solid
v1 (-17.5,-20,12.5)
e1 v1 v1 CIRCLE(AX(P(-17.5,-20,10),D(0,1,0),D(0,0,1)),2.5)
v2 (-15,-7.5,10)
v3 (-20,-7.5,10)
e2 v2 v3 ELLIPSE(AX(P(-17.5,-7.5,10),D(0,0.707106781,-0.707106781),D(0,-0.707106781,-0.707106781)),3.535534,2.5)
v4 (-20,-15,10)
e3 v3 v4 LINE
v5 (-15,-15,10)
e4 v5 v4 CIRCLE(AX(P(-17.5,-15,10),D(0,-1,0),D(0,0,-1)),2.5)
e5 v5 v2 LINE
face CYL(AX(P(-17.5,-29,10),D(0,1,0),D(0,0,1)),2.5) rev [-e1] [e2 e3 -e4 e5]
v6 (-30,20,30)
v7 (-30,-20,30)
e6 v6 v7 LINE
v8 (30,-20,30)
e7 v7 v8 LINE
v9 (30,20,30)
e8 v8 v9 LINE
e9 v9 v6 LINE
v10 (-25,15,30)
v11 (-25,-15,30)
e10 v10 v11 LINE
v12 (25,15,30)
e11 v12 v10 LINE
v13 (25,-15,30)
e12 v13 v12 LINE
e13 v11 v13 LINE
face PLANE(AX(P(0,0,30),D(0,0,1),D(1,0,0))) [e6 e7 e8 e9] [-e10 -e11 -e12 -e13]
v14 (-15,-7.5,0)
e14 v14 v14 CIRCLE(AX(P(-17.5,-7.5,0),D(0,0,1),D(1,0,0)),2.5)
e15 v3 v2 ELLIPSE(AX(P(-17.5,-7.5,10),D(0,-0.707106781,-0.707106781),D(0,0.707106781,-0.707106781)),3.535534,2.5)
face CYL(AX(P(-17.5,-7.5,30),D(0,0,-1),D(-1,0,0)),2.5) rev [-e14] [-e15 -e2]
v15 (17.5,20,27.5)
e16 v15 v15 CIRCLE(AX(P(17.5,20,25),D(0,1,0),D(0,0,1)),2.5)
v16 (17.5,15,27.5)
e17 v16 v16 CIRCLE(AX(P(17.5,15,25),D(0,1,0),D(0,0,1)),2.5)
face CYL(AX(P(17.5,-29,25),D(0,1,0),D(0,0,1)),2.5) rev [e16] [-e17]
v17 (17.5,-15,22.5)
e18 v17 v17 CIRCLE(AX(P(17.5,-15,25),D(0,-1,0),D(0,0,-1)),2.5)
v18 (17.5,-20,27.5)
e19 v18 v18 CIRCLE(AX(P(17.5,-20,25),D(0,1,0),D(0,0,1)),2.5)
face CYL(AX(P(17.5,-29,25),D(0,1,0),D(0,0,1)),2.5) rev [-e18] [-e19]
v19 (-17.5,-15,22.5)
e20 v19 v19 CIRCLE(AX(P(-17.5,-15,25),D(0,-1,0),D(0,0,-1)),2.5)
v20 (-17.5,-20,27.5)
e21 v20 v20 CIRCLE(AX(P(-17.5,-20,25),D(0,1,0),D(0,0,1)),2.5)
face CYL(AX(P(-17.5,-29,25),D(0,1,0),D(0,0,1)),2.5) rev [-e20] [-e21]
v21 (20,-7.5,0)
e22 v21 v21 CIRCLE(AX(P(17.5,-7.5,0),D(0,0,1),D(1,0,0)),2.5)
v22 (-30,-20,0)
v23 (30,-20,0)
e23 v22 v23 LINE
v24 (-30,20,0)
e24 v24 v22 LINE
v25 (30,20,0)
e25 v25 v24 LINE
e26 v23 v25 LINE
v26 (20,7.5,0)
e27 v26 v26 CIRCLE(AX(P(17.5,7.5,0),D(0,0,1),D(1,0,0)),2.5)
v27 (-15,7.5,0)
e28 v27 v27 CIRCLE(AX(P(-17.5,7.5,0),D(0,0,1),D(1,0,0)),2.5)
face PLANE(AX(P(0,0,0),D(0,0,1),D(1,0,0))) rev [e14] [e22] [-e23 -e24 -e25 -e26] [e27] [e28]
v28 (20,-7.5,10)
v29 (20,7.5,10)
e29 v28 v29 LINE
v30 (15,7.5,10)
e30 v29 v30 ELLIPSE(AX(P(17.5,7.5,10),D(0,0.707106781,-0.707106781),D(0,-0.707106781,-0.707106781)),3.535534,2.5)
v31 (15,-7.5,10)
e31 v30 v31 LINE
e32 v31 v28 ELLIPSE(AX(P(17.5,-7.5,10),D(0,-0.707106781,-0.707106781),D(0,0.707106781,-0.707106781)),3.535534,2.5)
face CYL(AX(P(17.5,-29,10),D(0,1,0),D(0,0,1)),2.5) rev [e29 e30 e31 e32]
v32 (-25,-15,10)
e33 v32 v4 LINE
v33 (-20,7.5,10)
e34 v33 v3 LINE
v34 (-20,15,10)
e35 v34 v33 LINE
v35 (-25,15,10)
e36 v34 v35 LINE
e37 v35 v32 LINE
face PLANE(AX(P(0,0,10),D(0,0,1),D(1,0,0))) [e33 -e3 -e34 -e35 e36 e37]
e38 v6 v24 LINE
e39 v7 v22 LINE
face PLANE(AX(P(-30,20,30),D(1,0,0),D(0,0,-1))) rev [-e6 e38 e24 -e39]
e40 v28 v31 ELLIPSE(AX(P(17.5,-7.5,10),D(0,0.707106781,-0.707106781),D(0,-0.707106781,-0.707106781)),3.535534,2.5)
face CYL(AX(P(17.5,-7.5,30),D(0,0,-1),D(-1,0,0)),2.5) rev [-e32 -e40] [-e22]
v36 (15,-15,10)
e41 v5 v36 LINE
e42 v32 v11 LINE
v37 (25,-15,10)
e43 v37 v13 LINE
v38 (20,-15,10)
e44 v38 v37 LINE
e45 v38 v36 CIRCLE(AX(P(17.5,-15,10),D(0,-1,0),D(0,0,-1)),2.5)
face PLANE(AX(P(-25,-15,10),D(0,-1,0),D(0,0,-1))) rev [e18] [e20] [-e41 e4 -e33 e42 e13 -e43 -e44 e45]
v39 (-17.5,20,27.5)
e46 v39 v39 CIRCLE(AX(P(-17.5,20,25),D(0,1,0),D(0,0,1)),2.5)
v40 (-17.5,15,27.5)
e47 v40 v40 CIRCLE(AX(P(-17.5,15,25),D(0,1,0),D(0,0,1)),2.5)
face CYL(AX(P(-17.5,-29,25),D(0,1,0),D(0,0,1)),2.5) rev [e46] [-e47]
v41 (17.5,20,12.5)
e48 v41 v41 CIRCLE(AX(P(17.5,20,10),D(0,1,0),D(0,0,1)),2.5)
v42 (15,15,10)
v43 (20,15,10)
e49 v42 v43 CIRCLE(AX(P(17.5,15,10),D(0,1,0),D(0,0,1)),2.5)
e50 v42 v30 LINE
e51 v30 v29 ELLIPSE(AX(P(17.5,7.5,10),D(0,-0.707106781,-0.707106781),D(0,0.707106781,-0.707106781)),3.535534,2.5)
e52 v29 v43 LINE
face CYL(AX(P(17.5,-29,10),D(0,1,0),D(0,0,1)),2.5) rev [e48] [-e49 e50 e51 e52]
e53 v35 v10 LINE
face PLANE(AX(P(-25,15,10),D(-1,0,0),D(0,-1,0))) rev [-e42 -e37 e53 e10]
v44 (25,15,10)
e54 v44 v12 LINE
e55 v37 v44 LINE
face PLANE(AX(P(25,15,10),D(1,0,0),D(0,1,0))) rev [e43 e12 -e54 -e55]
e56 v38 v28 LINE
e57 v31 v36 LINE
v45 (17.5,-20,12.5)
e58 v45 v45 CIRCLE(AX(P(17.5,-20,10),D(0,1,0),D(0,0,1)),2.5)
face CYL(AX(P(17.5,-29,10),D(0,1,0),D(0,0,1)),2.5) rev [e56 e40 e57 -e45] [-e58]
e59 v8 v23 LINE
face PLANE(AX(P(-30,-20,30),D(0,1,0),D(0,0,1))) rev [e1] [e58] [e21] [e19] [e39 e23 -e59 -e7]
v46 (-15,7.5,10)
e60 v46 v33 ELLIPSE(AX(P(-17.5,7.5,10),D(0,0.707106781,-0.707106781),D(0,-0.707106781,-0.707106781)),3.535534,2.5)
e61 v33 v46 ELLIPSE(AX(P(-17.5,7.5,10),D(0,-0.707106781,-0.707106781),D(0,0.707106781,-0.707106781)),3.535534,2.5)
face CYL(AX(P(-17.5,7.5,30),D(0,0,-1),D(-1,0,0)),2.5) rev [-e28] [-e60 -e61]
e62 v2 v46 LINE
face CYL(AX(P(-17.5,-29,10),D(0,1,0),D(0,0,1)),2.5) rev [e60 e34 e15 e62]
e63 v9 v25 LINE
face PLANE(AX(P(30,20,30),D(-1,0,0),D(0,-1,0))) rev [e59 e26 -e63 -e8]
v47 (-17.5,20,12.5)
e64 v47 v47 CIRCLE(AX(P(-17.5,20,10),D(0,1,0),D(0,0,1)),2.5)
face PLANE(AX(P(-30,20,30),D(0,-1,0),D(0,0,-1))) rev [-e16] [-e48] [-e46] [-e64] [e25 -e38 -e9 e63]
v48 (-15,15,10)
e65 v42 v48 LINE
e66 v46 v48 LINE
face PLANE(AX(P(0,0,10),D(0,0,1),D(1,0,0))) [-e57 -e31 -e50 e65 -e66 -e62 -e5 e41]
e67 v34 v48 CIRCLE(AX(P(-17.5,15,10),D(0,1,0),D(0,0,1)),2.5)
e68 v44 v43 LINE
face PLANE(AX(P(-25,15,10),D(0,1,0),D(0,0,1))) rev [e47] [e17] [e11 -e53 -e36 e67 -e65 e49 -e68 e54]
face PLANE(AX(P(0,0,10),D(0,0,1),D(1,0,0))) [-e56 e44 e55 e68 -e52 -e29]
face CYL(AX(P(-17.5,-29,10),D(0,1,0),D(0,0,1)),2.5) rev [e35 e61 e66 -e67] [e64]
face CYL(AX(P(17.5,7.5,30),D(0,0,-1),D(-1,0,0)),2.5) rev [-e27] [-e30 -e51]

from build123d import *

# Parameters (mm, degrees)
SKETCH1_W           = 60
SKETCH1_H           = 40
SKETCH1_R           = 2.5
BOSS_EXTRUDE3_DEPTH = 30
SKETCH4_W           = 50
SKETCH4_H           = 30
CUT_EXTRUDE1_DEPTH  = 20
SKETCH5_R           = 2.5
CUT_EXTRUDE4_DEPTH  = 49


with BuildPart() as part:
    # Sketch1 → Boss-Extrude3 (new body)
    with BuildSketch(Plane.XY):
        Rectangle(SKETCH1_W, SKETCH1_H)
        with Locations((-17.5, 7.5)):
            Circle(SKETCH1_R, mode=Mode.SUBTRACT)
        with Locations((17.5, 7.5)):
            Circle(SKETCH1_R, mode=Mode.SUBTRACT)
        with Locations((-17.5, -7.5)):
            Circle(SKETCH1_R, mode=Mode.SUBTRACT)
        with Locations((17.5, -7.5)):
            Circle(SKETCH1_R, mode=Mode.SUBTRACT)
    extrude(amount=BOSS_EXTRUDE3_DEPTH)

    # Sketch4 → Cut-Extrude1 (cut)
    with BuildSketch(Plane.XY.offset(30)):
        Rectangle(SKETCH4_W, SKETCH4_H)
    extrude(amount=-CUT_EXTRUDE1_DEPTH, mode=Mode.SUBTRACT)

    # Sketch5 → Cut-Extrude4 (cut)
    with BuildSketch(Plane(origin=(0, 20, 0), x_dir=(1, 0, 0), z_dir=(0, 1, 0))):
        with Locations((-17.5, -10)):
            Circle(SKETCH5_R)
        with Locations((17.5, -10)):
            Circle(SKETCH5_R)
        with Locations((17.5, -25)):
            Circle(SKETCH5_R)
        with Locations((-17.5, -25)):
            Circle(SKETCH5_R)
    extrude(amount=-CUT_EXTRUDE4_DEPTH, mode=Mode.SUBTRACT)


solid = part.part
